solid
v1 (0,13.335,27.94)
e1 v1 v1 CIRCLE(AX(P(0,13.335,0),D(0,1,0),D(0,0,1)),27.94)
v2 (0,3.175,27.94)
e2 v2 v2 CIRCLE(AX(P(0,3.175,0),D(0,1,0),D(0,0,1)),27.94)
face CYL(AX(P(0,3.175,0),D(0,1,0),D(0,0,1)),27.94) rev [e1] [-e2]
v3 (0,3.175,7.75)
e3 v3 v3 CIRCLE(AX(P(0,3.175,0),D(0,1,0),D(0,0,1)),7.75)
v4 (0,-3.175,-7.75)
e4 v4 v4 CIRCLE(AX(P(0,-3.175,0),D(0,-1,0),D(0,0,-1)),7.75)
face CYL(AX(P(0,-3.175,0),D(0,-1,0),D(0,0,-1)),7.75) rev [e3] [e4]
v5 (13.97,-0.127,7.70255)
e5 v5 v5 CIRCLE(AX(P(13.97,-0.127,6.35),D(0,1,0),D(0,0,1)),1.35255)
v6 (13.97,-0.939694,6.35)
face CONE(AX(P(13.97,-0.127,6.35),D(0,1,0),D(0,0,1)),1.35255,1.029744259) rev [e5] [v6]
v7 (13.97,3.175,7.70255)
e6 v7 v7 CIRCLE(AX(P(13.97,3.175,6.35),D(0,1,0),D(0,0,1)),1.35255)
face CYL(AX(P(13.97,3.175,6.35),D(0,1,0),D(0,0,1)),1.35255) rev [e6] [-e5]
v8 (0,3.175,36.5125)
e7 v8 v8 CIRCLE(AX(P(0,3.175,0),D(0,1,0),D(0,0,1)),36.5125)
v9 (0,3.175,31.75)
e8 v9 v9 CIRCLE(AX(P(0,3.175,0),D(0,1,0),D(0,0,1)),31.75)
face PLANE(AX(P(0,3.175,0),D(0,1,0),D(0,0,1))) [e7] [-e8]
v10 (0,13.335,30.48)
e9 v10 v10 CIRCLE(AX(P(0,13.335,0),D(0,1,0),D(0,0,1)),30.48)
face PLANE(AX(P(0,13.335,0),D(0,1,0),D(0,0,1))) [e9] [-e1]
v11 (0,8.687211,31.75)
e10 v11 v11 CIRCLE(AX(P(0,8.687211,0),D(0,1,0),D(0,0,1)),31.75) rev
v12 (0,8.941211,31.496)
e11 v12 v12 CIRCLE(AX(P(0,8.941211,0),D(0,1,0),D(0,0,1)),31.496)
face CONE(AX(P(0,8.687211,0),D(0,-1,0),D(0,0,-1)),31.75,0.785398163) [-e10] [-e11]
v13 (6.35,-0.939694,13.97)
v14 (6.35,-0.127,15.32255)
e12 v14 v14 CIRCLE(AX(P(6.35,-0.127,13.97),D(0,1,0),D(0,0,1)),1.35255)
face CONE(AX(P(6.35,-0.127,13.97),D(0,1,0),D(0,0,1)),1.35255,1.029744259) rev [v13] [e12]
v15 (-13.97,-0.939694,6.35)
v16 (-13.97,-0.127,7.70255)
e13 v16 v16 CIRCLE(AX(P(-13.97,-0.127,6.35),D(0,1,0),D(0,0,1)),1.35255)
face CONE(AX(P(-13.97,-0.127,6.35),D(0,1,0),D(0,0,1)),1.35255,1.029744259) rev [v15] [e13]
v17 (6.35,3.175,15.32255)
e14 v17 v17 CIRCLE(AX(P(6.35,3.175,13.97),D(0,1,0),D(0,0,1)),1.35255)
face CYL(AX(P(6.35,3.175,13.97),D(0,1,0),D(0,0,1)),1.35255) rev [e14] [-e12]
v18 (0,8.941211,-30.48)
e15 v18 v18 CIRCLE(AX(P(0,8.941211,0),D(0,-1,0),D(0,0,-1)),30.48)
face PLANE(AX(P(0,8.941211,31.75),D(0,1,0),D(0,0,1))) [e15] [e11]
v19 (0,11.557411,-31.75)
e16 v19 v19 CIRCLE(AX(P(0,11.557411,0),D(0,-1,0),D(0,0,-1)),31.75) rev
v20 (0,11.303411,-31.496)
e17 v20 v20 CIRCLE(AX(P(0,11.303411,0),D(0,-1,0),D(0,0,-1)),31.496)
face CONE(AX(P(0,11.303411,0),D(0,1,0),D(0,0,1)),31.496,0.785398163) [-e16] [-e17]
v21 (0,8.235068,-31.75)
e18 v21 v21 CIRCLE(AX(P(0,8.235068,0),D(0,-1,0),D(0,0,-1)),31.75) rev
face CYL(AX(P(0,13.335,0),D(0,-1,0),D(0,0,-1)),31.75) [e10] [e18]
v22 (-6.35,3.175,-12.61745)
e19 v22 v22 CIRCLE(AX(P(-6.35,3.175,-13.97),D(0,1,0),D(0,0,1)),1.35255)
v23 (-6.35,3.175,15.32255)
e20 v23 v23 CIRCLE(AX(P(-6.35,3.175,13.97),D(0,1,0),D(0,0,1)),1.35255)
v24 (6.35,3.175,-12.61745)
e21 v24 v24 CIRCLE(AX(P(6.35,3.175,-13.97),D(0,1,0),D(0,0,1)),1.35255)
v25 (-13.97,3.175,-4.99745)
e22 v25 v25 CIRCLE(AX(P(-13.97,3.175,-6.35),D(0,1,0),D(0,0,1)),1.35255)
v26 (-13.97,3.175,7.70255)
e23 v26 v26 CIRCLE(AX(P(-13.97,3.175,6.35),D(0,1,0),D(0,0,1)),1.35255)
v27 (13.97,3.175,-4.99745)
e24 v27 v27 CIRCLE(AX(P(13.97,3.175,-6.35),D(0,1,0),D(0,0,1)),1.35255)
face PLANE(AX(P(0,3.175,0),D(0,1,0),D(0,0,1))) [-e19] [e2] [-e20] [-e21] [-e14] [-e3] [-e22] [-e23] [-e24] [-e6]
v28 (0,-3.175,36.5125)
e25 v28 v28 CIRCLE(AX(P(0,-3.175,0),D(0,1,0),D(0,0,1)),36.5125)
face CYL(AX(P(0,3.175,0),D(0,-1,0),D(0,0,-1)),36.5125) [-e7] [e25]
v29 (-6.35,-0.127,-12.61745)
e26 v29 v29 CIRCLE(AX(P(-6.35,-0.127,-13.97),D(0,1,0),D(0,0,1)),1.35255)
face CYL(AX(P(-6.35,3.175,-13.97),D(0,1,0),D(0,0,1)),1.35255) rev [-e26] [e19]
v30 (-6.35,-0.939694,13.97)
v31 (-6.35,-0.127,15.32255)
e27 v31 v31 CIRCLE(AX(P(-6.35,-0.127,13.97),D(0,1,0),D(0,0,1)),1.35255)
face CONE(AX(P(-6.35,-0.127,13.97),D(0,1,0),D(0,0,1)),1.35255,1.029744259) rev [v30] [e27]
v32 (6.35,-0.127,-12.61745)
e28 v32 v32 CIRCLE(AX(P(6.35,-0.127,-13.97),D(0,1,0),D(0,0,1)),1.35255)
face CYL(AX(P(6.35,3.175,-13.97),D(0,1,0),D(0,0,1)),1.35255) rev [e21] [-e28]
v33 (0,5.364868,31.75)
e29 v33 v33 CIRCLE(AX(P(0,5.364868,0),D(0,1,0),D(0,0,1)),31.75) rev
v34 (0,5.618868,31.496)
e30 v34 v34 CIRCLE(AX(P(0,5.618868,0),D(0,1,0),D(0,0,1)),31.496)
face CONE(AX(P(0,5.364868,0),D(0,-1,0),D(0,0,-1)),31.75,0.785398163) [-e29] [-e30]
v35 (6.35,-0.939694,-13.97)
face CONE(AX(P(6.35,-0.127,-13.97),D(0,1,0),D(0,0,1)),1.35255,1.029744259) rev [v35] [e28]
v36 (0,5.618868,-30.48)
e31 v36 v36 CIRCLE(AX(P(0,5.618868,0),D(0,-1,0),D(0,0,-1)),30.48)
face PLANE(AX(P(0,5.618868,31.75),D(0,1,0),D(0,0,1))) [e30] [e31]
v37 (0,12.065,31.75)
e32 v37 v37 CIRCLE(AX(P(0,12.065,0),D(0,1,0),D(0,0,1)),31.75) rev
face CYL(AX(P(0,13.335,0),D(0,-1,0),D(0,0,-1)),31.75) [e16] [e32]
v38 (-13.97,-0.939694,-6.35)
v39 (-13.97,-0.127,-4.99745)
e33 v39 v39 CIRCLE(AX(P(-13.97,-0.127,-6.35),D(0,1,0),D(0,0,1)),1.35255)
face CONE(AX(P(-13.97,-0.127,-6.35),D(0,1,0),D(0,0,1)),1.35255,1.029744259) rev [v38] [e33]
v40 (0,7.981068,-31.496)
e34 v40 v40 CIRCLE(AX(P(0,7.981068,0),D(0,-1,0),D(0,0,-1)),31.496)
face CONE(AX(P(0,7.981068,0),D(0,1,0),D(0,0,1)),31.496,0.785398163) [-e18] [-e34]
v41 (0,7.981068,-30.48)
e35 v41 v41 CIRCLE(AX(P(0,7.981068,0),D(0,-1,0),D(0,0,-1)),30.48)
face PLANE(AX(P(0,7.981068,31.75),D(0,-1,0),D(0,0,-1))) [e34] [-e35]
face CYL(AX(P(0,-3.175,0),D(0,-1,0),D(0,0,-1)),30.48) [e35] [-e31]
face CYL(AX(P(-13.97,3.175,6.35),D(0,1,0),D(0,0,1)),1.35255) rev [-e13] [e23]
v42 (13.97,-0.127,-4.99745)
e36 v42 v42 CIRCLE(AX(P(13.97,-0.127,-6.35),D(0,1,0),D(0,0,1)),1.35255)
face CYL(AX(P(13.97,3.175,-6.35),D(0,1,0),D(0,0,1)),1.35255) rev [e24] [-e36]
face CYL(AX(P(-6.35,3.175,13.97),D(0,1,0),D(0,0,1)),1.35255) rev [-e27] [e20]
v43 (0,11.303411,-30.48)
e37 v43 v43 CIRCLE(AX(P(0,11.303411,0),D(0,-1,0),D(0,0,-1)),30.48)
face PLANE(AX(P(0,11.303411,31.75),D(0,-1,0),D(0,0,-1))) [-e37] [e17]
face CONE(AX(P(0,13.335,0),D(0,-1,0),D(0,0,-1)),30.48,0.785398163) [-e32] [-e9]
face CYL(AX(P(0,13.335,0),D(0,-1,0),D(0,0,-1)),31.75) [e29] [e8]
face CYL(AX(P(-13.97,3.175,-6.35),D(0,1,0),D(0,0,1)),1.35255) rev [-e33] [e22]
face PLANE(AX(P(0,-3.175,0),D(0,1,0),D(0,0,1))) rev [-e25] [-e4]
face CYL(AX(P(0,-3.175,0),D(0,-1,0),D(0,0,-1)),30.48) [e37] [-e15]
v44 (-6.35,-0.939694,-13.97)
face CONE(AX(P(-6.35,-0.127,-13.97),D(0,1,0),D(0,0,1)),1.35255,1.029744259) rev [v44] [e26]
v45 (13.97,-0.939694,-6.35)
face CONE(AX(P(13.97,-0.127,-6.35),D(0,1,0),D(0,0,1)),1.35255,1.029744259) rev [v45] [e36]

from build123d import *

# Parameters (mm, degrees)
EXTRUDE1_DEPTH                       = 3.175
EXTRUDE1_DEPTH_BACK                  = 3.175
SKETCH1_R                            = 36.5125
SKETCH2_R                            = 31.75
EXTRUDE2_DEPTH                       = 10.16
SKETCH4_W                            = 1.27
SKETCH4_H                            = 2.3622
SKETCH5_R                            = 27.94
CUT_EXTRUDE1_DEPTH                   = 10.16
CHAMFER1_SIZE                        = 1.27
CHAMFER2_SIZE                        = 0.254
TAP_DRILL_FOR_6_TAP1_D               = 2.7051
TAP_DRILL_FOR_6_TAP1_DEPTH           = 3.302
TAP_DRILL_FOR_6_TAP1_TIP             = 0.81269403
TAP_DRILL_FOR_6_TAP1_ON_FACE_2_D     = 2.7051
TAP_DRILL_FOR_6_TAP1_ON_FACE_2_DEPTH = 3.302
TAP_DRILL_FOR_6_TAP1_ON_FACE_2_TIP   = 0.81269403


with BuildPart() as part:
    # Sketch1 → Extrude1 (new, two sides: drawn at the far end of the back side and taken through both)
    with BuildSketch(Plane(origin=(0, 0, 0), x_dir=(1, 0, 0), z_dir=(0, 1, 0)).offset(-EXTRUDE1_DEPTH_BACK)):
        Circle(SKETCH1_R)
    extrude(amount=EXTRUDE1_DEPTH + EXTRUDE1_DEPTH_BACK)

    # Sketch2 → Extrude2 (add)
    with BuildSketch(Plane(origin=(0, 3.175, 0), x_dir=(-1, 0, 0), z_dir=(0, 1, 0))):
        Circle(SKETCH2_R)
    extrude(amount=EXTRUDE2_DEPTH)

    # Sketch4 → Cut-Revolve7 (revolve, cut)
    with BuildSketch(Plane(origin=(0, 0, 0), x_dir=(0, 0, -1), z_dir=(1, 0, 0))):
        with Locations((-31.115, 10.122310801)):
            Rectangle(SKETCH4_W, SKETCH4_H)
        with Locations((-31.115, 6.799968424)):
            Rectangle(SKETCH4_W, SKETCH4_H)
    revolve(axis=Axis((0, -3.175, 0), (0, 1, 0)), mode=Mode.SUBTRACT)

    # Sketch5 → Cut-Extrude1 (cut)
    with BuildSketch(Plane(origin=(0, 13.335, 0), x_dir=(-1, 0, 0), z_dir=(0, 1, 0))):
        Circle(SKETCH5_R)
    extrude(amount=-CUT_EXTRUDE1_DEPTH, mode=Mode.SUBTRACT)

    # Chamfer1
    chamfer1_edges = [part.edges().sort_by_distance(p)[0] for p in [
        (31.75, 13.335, 0),
    ]]
    chamfer(chamfer1_edges, length=CHAMFER1_SIZE)

    # Sketch9 → M14 Clearance Hole1 (revolve, cut)
    with BuildSketch(Plane(origin=(0, -3.175, 0), x_dir=(0, 0, -1), z_dir=(1, 0, 0))):
        Polygon((0, 0), (0, 334.856669797), (7.75, 330.2), (7.75, 0), align=None)
    revolve(axis=Axis((0, -9.525, 0), (0, 1, 0)), mode=Mode.SUBTRACT)

    # Chamfer2
    chamfer2_edges = [part.edges().sort_by_distance(p)[0] for p in [
        (31.75, 11.303410801, 0),
        (31.75, 5.618868424, 0),
        (31.75, 7.981068424, 0),
        (31.75, 8.941210801, 0),
    ]]
    chamfer(chamfer2_edges, length=CHAMFER2_SIZE)

    # Tap Drill for #6 Tap1
    with Locations(Plane(origin=(-6.35, 3.175, 13.97), x_dir=(0, 0, 1), z_dir=(0, 1, 0))):
        with Locations((0, 0), (0, 12.7), (-7.62, 20.32), (-20.32, 20.32), (-27.94, 12.7), (-27.94, 0), (-20.32, -7.62), (-7.62, -7.62), (-13.97, 6.35)):
            Hole(TAP_DRILL_FOR_6_TAP1_D / 2, depth=TAP_DRILL_FOR_6_TAP1_DEPTH)
            with Locations((0, 0, -(TAP_DRILL_FOR_6_TAP1_DEPTH + TAP_DRILL_FOR_6_TAP1_TIP / 2))):  # 118° drill point
                Cone(0, TAP_DRILL_FOR_6_TAP1_D / 2, TAP_DRILL_FOR_6_TAP1_TIP, mode=Mode.SUBTRACT)

    # Tap Drill for #6 Tap1 on face 2
    with Locations(Plane.ZX):
        with Locations((0, 0)):
            Hole(TAP_DRILL_FOR_6_TAP1_ON_FACE_2_D / 2, depth=TAP_DRILL_FOR_6_TAP1_ON_FACE_2_DEPTH)
            with Locations((0, 0, -(TAP_DRILL_FOR_6_TAP1_ON_FACE_2_DEPTH + TAP_DRILL_FOR_6_TAP1_ON_FACE_2_TIP / 2))):  # 118° drill point
                Cone(0, TAP_DRILL_FOR_6_TAP1_ON_FACE_2_D / 2, TAP_DRILL_FOR_6_TAP1_ON_FACE_2_TIP, mode=Mode.SUBTRACT)


solid = part.part
